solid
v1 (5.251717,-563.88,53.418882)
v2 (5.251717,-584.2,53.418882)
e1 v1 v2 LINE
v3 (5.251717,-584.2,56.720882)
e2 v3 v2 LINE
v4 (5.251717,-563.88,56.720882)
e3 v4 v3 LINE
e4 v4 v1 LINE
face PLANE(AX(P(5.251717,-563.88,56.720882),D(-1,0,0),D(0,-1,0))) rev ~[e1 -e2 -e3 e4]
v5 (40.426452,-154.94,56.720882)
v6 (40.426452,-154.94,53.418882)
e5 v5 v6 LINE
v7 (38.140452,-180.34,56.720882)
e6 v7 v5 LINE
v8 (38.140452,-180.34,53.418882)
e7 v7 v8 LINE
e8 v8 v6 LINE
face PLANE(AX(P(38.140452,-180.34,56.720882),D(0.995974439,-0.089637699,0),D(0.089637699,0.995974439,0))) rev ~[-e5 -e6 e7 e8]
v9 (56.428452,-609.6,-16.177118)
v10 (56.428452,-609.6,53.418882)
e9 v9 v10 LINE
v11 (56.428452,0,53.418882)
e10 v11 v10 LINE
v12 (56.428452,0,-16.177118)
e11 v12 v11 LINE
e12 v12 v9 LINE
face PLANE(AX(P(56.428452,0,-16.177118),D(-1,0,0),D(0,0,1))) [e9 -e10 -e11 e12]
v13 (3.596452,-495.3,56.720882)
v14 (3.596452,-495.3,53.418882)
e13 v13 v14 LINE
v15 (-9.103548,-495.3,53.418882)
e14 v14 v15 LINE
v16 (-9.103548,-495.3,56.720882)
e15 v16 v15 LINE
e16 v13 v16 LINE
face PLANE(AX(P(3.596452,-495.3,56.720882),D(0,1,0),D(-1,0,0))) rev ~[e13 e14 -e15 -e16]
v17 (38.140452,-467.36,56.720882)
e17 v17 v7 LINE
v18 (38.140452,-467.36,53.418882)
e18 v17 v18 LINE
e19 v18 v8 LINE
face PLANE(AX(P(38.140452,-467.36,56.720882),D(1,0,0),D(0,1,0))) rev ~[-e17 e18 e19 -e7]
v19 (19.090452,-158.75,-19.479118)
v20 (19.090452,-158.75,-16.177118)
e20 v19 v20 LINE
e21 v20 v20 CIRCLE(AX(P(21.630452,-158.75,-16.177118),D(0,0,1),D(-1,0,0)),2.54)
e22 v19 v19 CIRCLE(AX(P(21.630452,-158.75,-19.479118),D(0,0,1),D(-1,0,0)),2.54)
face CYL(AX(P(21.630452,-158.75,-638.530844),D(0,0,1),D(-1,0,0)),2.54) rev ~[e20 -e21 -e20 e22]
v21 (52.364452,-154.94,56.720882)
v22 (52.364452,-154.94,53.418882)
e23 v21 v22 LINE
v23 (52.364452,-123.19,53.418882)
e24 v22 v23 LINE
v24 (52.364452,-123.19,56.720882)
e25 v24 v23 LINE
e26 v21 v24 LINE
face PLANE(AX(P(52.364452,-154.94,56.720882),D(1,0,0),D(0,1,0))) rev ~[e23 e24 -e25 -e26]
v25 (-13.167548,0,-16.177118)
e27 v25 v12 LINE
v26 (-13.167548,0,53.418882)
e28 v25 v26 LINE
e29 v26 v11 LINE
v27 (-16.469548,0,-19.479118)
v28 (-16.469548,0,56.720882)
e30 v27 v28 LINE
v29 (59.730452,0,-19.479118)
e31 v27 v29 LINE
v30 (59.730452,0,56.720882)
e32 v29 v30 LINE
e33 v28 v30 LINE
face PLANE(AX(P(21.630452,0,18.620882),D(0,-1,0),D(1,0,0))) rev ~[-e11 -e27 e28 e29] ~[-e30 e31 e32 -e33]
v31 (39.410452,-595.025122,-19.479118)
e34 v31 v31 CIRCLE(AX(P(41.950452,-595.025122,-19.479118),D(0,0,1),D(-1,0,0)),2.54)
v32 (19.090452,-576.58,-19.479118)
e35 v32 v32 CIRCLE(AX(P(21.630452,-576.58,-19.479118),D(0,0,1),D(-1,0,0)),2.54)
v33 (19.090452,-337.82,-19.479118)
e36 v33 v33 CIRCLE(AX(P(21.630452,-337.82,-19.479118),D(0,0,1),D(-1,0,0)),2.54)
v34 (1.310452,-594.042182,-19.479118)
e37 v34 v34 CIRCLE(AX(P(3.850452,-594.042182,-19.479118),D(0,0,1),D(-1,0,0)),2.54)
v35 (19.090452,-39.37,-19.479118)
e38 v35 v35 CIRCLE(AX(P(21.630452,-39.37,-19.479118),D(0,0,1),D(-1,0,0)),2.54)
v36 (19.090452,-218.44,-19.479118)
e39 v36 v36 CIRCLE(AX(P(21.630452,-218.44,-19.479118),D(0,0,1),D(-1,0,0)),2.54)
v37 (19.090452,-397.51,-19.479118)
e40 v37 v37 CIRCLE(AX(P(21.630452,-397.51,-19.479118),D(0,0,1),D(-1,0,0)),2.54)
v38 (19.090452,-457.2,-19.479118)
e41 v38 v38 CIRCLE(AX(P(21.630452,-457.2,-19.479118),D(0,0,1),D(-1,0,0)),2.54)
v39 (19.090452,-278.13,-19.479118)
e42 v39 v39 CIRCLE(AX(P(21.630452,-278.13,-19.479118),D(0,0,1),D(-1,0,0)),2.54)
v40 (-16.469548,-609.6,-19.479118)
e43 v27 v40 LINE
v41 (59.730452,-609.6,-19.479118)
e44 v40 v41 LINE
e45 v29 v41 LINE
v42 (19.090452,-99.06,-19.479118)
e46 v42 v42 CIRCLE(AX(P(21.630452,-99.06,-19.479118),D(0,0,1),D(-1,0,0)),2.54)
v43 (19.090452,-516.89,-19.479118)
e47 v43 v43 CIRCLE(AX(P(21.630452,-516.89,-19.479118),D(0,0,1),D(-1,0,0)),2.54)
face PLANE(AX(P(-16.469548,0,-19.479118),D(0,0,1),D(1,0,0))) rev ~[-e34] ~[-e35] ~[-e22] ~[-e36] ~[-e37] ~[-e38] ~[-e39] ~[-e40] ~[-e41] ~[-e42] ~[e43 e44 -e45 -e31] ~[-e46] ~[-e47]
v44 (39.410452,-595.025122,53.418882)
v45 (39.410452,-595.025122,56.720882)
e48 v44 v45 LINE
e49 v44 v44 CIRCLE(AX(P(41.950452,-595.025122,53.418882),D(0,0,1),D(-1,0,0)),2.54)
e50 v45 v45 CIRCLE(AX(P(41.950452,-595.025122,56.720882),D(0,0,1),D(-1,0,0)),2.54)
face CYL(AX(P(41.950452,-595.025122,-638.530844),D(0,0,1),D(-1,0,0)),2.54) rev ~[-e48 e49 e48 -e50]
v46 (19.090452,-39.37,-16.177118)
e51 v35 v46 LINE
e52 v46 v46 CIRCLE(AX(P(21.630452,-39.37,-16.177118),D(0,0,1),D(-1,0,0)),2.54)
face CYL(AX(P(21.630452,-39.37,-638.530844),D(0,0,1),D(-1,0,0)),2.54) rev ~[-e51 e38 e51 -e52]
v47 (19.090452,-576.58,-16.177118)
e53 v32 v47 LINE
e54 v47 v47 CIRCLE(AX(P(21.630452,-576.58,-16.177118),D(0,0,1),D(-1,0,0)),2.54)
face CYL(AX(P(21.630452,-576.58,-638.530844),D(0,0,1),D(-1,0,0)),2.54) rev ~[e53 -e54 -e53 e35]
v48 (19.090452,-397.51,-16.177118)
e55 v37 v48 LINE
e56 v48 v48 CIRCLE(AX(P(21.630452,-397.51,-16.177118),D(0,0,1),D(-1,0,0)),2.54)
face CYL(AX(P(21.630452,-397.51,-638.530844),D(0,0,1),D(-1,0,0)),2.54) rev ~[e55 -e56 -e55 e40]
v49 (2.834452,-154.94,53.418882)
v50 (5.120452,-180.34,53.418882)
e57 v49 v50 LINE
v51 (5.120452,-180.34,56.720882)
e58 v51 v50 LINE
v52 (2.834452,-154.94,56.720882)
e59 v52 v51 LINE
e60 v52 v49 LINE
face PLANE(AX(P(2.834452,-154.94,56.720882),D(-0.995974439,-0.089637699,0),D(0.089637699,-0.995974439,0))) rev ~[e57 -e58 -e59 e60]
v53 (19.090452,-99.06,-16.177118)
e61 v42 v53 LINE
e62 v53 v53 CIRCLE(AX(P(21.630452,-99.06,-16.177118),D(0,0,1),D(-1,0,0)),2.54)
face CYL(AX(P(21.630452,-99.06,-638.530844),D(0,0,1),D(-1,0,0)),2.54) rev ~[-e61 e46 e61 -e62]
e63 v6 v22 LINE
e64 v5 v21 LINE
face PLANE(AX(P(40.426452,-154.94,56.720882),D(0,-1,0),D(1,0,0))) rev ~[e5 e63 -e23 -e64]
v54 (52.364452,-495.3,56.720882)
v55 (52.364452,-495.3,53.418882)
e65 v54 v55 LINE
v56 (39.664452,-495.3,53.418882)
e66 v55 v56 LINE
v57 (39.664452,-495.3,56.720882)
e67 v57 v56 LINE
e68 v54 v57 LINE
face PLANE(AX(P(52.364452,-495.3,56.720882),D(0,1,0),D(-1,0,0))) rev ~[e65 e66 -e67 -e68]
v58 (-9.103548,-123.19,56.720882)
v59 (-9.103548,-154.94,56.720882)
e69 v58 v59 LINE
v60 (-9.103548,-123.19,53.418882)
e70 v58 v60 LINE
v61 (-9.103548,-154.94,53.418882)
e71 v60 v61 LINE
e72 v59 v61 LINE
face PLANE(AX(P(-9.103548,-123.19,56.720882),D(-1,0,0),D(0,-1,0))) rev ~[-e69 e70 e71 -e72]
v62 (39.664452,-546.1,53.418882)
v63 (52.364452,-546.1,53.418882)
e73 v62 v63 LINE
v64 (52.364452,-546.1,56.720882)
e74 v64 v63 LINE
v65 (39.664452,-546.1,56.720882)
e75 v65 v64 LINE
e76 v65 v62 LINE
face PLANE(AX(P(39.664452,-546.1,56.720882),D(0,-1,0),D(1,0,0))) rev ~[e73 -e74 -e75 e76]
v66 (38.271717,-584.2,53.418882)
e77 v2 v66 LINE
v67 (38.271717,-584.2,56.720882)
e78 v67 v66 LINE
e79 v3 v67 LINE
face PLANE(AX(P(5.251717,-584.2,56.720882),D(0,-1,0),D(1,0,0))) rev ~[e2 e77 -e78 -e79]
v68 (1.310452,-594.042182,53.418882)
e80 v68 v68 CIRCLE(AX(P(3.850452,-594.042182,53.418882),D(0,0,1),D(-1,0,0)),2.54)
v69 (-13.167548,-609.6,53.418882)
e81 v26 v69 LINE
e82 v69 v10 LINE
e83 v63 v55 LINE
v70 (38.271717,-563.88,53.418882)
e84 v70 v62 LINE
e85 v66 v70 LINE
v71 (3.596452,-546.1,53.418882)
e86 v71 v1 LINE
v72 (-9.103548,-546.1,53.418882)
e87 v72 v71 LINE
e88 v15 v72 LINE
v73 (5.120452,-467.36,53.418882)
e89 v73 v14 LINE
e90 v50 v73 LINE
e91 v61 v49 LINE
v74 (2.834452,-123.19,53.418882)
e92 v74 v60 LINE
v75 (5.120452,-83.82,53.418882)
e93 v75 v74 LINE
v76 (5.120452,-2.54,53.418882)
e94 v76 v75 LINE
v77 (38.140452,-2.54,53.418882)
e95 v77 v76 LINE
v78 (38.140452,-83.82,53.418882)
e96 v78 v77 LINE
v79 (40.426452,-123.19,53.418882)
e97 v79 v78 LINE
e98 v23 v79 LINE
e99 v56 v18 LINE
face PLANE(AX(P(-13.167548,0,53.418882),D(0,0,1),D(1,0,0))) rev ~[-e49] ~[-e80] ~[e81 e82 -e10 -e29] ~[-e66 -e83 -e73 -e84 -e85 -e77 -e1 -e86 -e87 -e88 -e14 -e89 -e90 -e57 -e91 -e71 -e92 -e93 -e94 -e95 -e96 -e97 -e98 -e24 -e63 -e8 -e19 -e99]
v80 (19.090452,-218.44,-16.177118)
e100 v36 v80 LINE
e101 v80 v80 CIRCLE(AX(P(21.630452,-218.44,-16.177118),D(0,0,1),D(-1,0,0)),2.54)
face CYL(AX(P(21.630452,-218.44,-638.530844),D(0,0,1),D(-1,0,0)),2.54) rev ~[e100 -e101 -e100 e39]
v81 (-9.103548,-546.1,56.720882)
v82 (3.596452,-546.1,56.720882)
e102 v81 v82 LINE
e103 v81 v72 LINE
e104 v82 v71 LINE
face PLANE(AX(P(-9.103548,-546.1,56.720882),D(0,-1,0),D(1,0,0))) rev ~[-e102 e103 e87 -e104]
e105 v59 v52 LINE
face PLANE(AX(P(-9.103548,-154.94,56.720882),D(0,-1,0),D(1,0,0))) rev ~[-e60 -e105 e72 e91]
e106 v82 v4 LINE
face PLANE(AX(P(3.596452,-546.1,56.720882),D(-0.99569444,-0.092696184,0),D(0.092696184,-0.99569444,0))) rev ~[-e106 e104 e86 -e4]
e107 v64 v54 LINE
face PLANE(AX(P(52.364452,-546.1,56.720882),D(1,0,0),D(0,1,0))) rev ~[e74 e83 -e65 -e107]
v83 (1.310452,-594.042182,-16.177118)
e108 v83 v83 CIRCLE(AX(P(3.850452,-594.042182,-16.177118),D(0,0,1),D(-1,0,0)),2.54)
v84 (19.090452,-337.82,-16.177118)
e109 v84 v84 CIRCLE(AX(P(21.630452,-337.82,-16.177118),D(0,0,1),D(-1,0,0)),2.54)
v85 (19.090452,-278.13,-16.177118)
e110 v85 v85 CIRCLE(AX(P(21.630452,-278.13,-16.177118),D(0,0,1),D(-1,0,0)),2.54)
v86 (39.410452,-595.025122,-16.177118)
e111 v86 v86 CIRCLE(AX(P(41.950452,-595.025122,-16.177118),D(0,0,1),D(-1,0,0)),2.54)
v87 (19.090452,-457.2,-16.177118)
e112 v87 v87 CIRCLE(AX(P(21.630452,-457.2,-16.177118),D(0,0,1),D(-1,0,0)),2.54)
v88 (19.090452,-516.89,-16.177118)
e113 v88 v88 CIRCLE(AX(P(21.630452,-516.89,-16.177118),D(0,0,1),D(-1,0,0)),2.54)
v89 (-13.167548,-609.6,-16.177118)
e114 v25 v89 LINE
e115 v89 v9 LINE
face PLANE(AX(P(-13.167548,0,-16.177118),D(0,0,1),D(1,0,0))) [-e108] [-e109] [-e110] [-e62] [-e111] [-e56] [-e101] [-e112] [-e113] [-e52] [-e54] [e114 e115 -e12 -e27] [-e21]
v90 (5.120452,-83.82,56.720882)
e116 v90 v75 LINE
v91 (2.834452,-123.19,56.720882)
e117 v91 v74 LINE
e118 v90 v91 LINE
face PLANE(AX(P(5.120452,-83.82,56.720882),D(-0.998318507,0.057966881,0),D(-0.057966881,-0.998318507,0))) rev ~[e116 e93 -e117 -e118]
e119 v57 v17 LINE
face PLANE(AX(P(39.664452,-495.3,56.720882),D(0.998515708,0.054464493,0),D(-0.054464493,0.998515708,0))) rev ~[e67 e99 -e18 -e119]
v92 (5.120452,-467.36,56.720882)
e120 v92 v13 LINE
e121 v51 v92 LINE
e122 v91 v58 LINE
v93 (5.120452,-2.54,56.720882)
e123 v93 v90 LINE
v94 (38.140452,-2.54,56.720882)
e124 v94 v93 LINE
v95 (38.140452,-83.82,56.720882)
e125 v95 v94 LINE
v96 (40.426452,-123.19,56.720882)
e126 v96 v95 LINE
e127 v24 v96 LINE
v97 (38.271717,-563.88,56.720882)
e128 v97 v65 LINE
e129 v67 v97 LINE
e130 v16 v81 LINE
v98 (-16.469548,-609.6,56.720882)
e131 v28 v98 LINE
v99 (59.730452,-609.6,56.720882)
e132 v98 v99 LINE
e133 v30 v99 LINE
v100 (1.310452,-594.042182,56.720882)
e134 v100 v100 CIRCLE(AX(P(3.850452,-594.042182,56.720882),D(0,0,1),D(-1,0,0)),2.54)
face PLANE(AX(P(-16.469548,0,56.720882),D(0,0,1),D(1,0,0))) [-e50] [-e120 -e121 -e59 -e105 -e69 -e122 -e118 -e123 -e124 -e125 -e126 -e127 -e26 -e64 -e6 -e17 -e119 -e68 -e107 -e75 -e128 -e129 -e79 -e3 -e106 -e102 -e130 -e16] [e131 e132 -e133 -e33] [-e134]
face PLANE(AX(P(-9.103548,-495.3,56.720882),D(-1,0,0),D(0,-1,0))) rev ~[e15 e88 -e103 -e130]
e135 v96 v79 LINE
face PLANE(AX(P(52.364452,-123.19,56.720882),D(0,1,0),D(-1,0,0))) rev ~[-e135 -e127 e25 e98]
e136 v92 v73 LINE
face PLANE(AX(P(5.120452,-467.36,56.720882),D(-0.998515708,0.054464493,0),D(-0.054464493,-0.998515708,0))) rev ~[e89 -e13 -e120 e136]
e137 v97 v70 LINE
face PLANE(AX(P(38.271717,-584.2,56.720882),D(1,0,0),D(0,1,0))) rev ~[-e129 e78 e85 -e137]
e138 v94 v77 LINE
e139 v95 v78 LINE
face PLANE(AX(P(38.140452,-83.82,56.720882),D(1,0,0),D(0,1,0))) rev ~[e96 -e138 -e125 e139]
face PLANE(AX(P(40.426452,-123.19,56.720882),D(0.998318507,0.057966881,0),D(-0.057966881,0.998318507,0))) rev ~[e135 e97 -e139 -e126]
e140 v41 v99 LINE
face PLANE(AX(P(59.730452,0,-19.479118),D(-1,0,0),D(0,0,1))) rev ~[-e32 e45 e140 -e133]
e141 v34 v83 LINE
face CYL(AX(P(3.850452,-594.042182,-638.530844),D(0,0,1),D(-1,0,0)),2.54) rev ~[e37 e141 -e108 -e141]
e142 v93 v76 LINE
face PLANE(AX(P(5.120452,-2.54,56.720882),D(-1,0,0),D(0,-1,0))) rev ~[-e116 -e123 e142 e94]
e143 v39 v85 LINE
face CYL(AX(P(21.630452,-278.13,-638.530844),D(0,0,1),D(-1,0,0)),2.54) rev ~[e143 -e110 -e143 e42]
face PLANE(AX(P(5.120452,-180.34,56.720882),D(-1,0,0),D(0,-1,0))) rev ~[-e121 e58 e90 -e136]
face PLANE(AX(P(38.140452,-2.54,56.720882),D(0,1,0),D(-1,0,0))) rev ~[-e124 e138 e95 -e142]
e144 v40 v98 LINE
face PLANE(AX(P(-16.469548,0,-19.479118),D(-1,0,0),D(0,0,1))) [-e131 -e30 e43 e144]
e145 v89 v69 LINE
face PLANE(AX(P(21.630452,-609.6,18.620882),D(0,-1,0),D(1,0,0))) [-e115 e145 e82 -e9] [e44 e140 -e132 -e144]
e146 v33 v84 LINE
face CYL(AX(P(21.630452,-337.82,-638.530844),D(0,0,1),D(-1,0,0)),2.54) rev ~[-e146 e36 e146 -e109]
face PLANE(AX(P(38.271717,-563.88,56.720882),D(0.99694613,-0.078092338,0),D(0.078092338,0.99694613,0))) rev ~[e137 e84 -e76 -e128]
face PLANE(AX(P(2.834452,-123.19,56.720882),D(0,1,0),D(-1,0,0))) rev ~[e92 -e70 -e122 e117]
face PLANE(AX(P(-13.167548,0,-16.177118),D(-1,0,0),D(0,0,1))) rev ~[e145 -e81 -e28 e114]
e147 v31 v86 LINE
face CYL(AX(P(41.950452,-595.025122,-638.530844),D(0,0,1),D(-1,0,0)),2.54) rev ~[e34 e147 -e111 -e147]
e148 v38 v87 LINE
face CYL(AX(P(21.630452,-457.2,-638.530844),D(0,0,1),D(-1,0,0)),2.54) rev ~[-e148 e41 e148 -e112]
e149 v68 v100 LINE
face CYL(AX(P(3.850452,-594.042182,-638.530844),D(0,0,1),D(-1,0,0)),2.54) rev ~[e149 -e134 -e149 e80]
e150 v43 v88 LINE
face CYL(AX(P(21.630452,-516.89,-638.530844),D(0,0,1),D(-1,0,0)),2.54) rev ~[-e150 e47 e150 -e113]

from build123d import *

# Parameters (mm, degrees)
F0_W     = 76.2
F0_H     = 76.2
F0_W_2   = 69.596
F0_H_2   = 69.596
F1_DEPTH = 609.6
F3_DEPTH = 25.4
F5_D     = 5.08


with BuildPart() as f1:
    # F0 (on Front) → F1 (new body)
    with BuildSketch(Plane.XZ):
        with Locations((21.630452, 18.620882)):
            Rectangle(F0_W, F0_H)
        with Locations((21.630452, 18.620882)):
            Rectangle(F0_W_2, F0_H_2, mode=Mode.SUBTRACT)
    extrude(amount=F1_DEPTH)

    # F2 (on face) → F3 (cut)
    with BuildSketch(Plane.XY.offset(56.720882)):
        Polygon((38.140452, -2.54), (5.120452, -2.54), (5.120452, -83.82), (2.834452, -123.19), (-9.103548, -123.19), (-9.103548, -154.94), (2.834452, -154.94), (5.120452, -180.34), (5.120452, -467.36), (3.596452, -495.3), (-9.103548, -495.3), (-9.103548, -546.1), (3.596452, -546.1), (5.251717, -563.88), (5.251717, -584.2), (38.271717, -584.2), (38.271717, -563.88), (39.664452, -546.1), (52.364452, -546.1), (52.364452, -495.3), (39.664452, -495.3), (38.140452, -467.36), (38.140452, -180.34), (40.426452, -154.94), (52.364452, -154.94), (52.364452, -123.19), (40.426452, -123.19), (38.140452, -83.82), align=None)
    extrude(amount=-F3_DEPTH, mode=Mode.SUBTRACT)

    # F5 (through all)
    with Locations(Plane(origin=(0, 0, -19.479118), x_dir=(1, 0, 0), z_dir=(0, 0, -1))):
        with Locations((21.630452, 576.58), (21.630452, 516.89), (21.630452, 457.2), (21.630452, 397.51), (21.630452, 337.82), (21.630452, 278.13), (21.630452, 218.44), (21.630452, 158.75), (21.630452, 99.06), (21.630452, 39.37), (3.850452, 594.042182), (41.950452, 595.025122)):
            Hole(F5_D / 2)


solid = f1.part
